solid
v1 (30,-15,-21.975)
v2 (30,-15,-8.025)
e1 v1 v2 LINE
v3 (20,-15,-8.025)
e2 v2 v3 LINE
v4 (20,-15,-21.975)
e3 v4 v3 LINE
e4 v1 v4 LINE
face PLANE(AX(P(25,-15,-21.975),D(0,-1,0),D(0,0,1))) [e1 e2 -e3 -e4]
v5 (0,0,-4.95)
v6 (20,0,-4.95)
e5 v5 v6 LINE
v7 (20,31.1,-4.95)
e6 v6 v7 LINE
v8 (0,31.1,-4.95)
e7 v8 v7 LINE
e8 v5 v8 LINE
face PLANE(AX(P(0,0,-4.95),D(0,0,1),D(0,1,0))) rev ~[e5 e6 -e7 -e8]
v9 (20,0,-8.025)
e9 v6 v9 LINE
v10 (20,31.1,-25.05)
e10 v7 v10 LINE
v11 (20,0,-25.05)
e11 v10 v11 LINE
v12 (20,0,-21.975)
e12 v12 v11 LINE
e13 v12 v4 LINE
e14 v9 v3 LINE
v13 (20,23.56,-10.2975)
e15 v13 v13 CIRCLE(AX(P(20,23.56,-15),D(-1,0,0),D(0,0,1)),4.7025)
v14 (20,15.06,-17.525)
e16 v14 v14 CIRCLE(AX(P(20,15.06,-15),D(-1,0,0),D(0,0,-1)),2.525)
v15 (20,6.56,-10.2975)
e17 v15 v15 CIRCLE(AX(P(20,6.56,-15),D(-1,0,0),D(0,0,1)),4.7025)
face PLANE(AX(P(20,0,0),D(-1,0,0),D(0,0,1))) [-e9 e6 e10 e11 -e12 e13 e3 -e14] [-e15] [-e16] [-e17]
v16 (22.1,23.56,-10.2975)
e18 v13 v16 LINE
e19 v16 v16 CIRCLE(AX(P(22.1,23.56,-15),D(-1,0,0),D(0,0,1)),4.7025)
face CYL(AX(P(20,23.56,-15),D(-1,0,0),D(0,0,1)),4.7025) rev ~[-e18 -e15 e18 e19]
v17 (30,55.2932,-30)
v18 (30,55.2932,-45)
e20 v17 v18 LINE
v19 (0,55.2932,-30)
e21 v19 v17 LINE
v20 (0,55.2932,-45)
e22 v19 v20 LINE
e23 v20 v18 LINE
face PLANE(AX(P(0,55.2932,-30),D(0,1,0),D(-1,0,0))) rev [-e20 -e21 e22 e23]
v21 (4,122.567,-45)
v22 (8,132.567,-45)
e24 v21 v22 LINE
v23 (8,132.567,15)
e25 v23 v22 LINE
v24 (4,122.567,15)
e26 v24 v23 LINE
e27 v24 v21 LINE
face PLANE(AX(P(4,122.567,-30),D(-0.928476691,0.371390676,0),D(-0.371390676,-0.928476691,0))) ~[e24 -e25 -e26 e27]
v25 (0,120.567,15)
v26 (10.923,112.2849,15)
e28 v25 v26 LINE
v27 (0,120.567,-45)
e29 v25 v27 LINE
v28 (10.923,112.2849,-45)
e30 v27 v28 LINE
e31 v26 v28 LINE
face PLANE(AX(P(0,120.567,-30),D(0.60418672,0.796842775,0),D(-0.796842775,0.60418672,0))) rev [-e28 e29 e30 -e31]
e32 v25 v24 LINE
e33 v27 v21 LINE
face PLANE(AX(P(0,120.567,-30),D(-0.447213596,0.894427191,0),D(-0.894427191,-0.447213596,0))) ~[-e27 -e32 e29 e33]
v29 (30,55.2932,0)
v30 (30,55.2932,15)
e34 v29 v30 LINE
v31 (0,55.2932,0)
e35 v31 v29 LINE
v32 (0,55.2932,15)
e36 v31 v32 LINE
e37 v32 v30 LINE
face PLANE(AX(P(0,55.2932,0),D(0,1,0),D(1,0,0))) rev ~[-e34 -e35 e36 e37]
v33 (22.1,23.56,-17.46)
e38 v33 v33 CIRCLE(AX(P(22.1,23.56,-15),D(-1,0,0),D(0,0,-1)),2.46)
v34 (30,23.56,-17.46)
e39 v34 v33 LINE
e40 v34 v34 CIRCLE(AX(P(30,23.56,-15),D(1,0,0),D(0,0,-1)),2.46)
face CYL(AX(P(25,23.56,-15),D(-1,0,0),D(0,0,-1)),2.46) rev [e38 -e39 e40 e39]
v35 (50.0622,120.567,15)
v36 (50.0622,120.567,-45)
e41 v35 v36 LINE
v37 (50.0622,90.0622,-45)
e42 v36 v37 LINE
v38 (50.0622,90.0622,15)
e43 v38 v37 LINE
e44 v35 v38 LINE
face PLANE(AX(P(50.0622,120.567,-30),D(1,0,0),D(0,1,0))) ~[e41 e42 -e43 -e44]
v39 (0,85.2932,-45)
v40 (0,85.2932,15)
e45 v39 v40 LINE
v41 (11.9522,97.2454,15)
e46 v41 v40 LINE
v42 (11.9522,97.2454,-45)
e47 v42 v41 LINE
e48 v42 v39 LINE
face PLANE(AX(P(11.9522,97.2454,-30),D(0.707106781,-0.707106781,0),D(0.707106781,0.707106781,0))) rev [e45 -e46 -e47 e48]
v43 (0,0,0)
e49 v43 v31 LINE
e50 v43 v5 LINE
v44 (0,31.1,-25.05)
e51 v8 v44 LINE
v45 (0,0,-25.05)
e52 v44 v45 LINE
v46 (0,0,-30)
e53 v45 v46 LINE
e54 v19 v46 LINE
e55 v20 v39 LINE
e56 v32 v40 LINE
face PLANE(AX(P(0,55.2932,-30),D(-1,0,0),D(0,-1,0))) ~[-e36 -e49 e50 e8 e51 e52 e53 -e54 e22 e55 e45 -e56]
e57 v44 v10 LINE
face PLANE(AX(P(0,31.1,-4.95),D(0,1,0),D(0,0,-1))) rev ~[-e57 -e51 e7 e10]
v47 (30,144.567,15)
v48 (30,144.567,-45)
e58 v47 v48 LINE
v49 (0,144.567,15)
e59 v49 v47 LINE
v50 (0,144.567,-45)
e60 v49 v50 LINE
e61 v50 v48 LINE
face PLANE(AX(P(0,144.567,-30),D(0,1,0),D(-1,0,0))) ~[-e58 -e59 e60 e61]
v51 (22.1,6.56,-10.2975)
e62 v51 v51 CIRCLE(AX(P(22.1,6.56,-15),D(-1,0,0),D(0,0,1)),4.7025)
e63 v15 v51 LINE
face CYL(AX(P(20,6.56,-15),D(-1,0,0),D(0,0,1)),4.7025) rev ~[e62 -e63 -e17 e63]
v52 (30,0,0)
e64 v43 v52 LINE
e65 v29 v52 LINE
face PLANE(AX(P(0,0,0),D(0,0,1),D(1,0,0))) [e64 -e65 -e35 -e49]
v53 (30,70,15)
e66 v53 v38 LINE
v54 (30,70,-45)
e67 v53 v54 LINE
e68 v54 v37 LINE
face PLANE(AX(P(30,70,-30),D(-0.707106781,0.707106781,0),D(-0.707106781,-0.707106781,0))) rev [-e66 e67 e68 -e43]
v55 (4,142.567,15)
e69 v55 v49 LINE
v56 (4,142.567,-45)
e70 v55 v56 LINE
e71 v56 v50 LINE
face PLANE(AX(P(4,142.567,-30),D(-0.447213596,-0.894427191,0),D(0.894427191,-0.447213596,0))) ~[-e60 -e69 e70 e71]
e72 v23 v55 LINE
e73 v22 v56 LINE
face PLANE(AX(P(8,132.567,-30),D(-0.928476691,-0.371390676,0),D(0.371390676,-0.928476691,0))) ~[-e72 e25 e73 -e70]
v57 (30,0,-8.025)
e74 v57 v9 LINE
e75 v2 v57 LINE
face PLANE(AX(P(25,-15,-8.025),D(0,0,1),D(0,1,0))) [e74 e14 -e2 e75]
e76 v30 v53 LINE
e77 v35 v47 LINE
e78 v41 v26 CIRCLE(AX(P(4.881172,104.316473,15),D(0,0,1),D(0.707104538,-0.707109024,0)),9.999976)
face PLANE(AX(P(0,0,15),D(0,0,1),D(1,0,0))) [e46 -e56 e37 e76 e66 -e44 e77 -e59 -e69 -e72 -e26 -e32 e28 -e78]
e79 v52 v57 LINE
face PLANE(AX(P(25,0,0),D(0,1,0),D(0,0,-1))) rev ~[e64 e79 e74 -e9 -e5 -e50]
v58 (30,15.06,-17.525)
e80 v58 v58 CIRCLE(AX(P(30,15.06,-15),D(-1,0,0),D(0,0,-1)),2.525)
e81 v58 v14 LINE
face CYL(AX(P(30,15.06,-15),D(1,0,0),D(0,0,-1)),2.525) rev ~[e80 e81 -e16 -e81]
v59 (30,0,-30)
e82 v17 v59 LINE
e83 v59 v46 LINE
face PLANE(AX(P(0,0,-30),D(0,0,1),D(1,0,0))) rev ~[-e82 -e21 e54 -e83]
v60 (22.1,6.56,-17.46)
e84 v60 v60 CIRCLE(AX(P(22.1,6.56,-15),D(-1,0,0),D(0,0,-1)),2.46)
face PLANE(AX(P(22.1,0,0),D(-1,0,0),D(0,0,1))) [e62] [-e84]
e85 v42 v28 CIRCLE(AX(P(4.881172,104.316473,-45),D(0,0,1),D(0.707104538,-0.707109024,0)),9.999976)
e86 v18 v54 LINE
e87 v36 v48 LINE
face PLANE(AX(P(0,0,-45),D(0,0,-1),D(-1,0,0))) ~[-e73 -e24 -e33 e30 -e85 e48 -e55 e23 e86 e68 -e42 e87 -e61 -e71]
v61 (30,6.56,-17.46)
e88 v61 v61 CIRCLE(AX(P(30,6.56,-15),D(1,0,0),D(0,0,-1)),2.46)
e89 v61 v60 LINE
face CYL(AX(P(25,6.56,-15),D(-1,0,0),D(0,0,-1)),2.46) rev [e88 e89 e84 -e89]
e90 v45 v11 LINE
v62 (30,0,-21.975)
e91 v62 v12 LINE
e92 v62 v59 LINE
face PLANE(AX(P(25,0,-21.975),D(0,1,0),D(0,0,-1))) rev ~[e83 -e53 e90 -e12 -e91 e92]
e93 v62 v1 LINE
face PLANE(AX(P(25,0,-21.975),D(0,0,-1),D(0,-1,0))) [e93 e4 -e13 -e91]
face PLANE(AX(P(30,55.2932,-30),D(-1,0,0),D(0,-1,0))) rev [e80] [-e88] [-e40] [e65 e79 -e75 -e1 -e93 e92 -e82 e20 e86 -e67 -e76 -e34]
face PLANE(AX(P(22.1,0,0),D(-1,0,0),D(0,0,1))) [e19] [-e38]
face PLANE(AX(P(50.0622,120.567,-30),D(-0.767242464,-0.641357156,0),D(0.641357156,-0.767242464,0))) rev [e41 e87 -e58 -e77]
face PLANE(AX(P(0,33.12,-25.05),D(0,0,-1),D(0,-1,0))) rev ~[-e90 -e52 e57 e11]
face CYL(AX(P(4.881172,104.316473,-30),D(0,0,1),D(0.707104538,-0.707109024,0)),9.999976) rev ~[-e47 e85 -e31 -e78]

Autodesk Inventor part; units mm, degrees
ref_plane "YZ Plane" through (0, 0, 0) normal (1, 0, 0) x (0, 1, 0)
ref_plane "XZ Plane" through (0, 0, 0) normal (0, 1, 0) x (-1, 0, 0)
sketch "Sketch1" plane through (0, 0, 0) normal (0, 0, 1) x (1, 0, 0)
  line L0 (0, 0) -> (25, 0)
  line L1 (25, 0) -> (25, 40)
  line L2 (25, 40) -> (0, 40)
  line L3 (0, 40) -> (0, 0)
  dimension "d1" = 25
  dimension "d2" = 40
  dimension "d3" = 25
extrude "Extrusion1" add sketch "Sketch1" against normal blind 30
sketch "Sketch2" plane through (25, 0, 0) normal (1, 0, 0) x (0, 0, -1)
  line L0 (0, 0) -> (30, 0) projected
  circle A0 centre (15, 6.56) radius 2.46
extrude "Extrusion2" cut sketch "Sketch2" against normal blind 30
sketch "Sketch3" plane through (0, 0, 0) normal (-1, 0, 0) x (0, 0, 1)
  line L0 (0, 0) -> (-30, 0) projected
  line L1 (-25.05, 0) -> (-4.95, 0)
  line L2 (-4.95, 0) -> (-4.95, 33.12)
  line L3 (-4.95, 33.12) -> (-25.05, 33.12)
  line L4 (-25.05, 33.12) -> (-25.05, 0)
  dimension "d11" = 20.1
extrude "Extrusion3" cut sketch "Sketch3" against normal blind 20
sketch "Sketch4" plane through (0, 0, 0) normal (0, -1, 0) x (1, 0, 0)
  line L0 (20, -4.95) -> (20, -25.05) projected
  line L1 (20, -15) -> (25, -15)
  line L2 (25, 0) -> (25, -30) projected
  line L3 (20, -8.025) -> (25, -8.025)
  line L4 (25, -8.025) -> (25, -21.975)
  line L5 (25, -21.975) -> (20, -21.975)
  line L6 (20, -21.975) -> (20, -8.025)
  line L7 (20, -8.025) -> (25, -21.975) construction
  line L8 (25, -8.025) -> (20, -21.975) construction
  line L9 (25, -12.54) -> (25, -17.46) projected
  point P0 (0, 0)
  point P1 (22.5, -15)
  dimension "d14" = 13.95
extrude "Extrusion4" add sketch "Sketch4" along normal blind 15
sketch "Sketch5" plane through (20, 0, 0) normal (-1, 0, 0) x (0, 0, 1)
  circle A0 centre (-15, 6.56) radius 2.46 projected
  circle A1 centre (-15, 6.56) radius 4.7025
  circle A2 centre (-15, 6.56) radius 2.46 projected
  circle A3 centre (-15, 6.56) radius 2.46
  point P0 (0, 0)
  dimension "d17" = 9.405
extrude "Extrusion5" cut sketch "Sketch5" against normal blind 2.1
sketch "Sketch6" plane through (25, 0, 0) normal (1, 0, 0) x (0, 0, -1)
  circle A0 centre (15, 6.56) radius 4.7025 projected
  line L0 (15, 6.56) -> (15, 23.56)
  circle A1 centre (15, 23.56) radius 2.46
  point P0 (0, 0)
  dimension "d20" = 17
  dimension "d21" = 4.92
extrude "Extrusion6" cut sketch "Sketch6" against normal blind 10 contours A1
sketch "Sketch7" plane through (20, 0, 0) normal (-1, 0, 0) x (0, 0, 1)
  circle A0 centre (-15, 23.56) radius 2.46 projected
  circle A1 centre (-15, 23.56) radius 4.7025
  point P0 (0, 0)
  dimension "d24" = 9.405
extrude "Extrusion7" cut sketch "Sketch7" against normal blind 2.1
sketch "Sketch9" plane through (25, 0, 0) normal (1, 0, 0) x (0, 0, -1)
  circle A0 centre (15, 6.56) radius 2.46 projected
  circle A1 centre (15, 6.56) radius 2.46
  circle A2 centre (15, 23.56) radius 2.46 projected
  circle A3 centre (15, 23.56) radius 2.46
  line L0 (30, 40) -> (30, 0) projected
  line L1 (30, 0) -> (30, 40)
  line L2 (30, 40) -> (0, 40)
  line L3 (0, 40) -> (0, 0)
  line L4 (0, 0) -> (8.025, 0) projected
  line L5 (21.975, 0) -> (21.975, -15)
  line L6 (21.975, -15) -> (8.025, -15)
  line L7 (8.025, -15) -> (8.025, 0)
  line L8 (0, 0) -> (8.025, 0)
  line L9 (21.975, 0) -> (30, 0)
extrude "Extrusion8" add sketch "Sketch9" along normal blind 5
sketch "Sketch10" plane through (0, 40, 0) normal (0, 1, 0) x (1, 0, 0)
  line L0 (0, 30) -> (30, 30) projected
  line L1 (30, 0) -> (0, 0) projected
  line L2 (0, 30) -> (30, 30)
  line L3 (30, 30) -> (30, 0)
  line L4 (30, 0) -> (0, 0)
  line L5 (0, 0) -> (0, 30)
extrude "Extrusion9" add sketch "Sketch10" along normal blind 30
sketch "Sketch12" plane through (30, 0, 0) normal (1, 0, 0) x (0, 0, -1)
  circle A0 centre (15, 6.56) radius 2.46 projected
  line L0 (15, 6.56) -> (15, 15.06)
  circle A1 centre (15, 15.06) radius 2.525
  point P0 (0, 0)
  dimension "d31" = 8.5
  dimension "d33" = 5.05
extrude "Extrusion10" cut sketch "Sketch12" against normal blind 30 contours A1
sketch "Sketch15" plane through (0, 0, -25.05) normal (-1, 0, 0) x (0, 0, 1)
  line L0 (0, 33.12) -> (20.1, 33.12) projected
  line L1 (20.1, 33.12) -> (20.1, 0) projected
  line L2 (0, 33.12) -> (20.1, 33.12)
  line L3 (20.1, 33.12) -> (20.1, 31.1)
  line L4 (20.1, 31.1) -> (0, 31.1)
  line L5 (0, 31.1) -> (0, 33.12)
  point P0 (25.05, 0)
  dimension "d57" = 2.02
extrude "Extrusion13" add sketch "Sketch15" against normal blind 20
sketch "Sketch17" plane through (0, 0, 0) normal (0, 0, 1) x (1, 0, 0)
  line L0 (0, 70) -> (30, 70) projected
  line L1 (30, 70) -> (50.0622, 90.0622)
  line L2 (30, 70) -> (80, 70) construction
  line L3 (11.9522, 97.2454) -> (0, 85.2932)
  line L4 (0, 70) -> (0, 85.2932)
  line L5 (0, 70) -> (0, 0) projected
  line L6 (0, 70) -> (30, 70)
  line L7 (10.923, 112.2849) -> (0, 120.567)
  line L8 (50.0622, 105.3553) -> (50.0622, 120.567)
  line L9 (50.0622, 105.3553) -> (50.0622, 90.0622)
  arc A0 (11.9522, 97.2454) -> (10.923, 112.2849) centre (4.8811, 104.3165) ccw
  line L10 (0, 144.567) -> (30, 144.567)
  line L11 (30, 144.567) -> (50.0622, 120.567)
  line L12 (4, 142.567) -> (0, 144.567)
  line L13 (4, 122.567) -> (0, 120.567)
  line L14 (4, 122.567) -> (8, 132.567)
  line L15 (8, 132.567) -> (4, 142.567)
  dimension "d61" = 45
  dimension "d62" = 32.0271
  dimension "d72" = 10
extrude "Extrusion14" add sketch "Sketch17" against normal blind 30
sketch "Sketch22" plane through (0, 0, 0) normal (0, 0, 1) x (1, 0, 0)
  line L0 (11.9522, 97.2454) -> (0, 85.2932) projected
  line L1 (0, 85.2932) -> (11.9522, 97.2454)
  arc A0 (11.9522, 97.2454) -> (10.923, 112.2849) centre (4.8811, 104.3165) ccw projected
  arc A1 (11.9522, 97.2454) -> (10.923, 112.2849) centre (4.8811, 104.3165) ccw
  line L2 (0, 120.567) -> (10.923, 112.2849) projected
  line L3 (10.923, 112.2849) -> (0, 120.567)
  line L4 (0, 120.567) -> (4, 122.567) projected
  line L5 (0, 120.567) -> (4, 122.567)
  line L6 (4, 122.567) -> (8, 132.567) projected
  line L7 (4, 122.567) -> (8, 132.567)
  line L8 (8, 132.567) -> (4, 142.567) projected
  line L9 (8, 132.567) -> (4, 142.567)
  line L10 (4, 142.567) -> (0, 144.567) projected
  line L11 (4, 142.567) -> (0, 144.567)
  line L12 (0, 144.567) -> (30, 144.567) projected
  line L13 (0, 144.567) -> (30, 144.567)
  line L14 (50.0622, 120.567) -> (30, 144.567) projected
  line L15 (30, 144.567) -> (50.0622, 120.567)
  line L16 (50.0622, 120.567) -> (50.0622, 90.0622) projected
  line L17 (50.0622, 120.567) -> (50.0622, 90.0622)
  line L18 (30, 70) -> (50.0622, 90.0622) projected
  line L19 (50.0622, 90.0622) -> (30, 70)
  line L20 (0, 0) -> (0, 85.2932) projected
  line L21 (0, 85.2932) -> (0, 55.2932)
  line L22 (0, 55.2932) -> (30, 55.2932)
  line L23 (30, 0) -> (30, 70) projected
  line L24 (30, 55.2932) -> (30, 70)
  dimension "d83" = 30
extrude "Extrusion15" add sketch "Sketch22" along normal blind 15
ref_plane "Work Plane1" through (0, 0, -15) normal (0, 0, 1) x (1, 0, 0)
mirror "Mirror1" about plane through (0, 0, -15) normal (0, 0, 1) of "Extrusion15"
properties part number "rec_c_20mm_x_60mm"
